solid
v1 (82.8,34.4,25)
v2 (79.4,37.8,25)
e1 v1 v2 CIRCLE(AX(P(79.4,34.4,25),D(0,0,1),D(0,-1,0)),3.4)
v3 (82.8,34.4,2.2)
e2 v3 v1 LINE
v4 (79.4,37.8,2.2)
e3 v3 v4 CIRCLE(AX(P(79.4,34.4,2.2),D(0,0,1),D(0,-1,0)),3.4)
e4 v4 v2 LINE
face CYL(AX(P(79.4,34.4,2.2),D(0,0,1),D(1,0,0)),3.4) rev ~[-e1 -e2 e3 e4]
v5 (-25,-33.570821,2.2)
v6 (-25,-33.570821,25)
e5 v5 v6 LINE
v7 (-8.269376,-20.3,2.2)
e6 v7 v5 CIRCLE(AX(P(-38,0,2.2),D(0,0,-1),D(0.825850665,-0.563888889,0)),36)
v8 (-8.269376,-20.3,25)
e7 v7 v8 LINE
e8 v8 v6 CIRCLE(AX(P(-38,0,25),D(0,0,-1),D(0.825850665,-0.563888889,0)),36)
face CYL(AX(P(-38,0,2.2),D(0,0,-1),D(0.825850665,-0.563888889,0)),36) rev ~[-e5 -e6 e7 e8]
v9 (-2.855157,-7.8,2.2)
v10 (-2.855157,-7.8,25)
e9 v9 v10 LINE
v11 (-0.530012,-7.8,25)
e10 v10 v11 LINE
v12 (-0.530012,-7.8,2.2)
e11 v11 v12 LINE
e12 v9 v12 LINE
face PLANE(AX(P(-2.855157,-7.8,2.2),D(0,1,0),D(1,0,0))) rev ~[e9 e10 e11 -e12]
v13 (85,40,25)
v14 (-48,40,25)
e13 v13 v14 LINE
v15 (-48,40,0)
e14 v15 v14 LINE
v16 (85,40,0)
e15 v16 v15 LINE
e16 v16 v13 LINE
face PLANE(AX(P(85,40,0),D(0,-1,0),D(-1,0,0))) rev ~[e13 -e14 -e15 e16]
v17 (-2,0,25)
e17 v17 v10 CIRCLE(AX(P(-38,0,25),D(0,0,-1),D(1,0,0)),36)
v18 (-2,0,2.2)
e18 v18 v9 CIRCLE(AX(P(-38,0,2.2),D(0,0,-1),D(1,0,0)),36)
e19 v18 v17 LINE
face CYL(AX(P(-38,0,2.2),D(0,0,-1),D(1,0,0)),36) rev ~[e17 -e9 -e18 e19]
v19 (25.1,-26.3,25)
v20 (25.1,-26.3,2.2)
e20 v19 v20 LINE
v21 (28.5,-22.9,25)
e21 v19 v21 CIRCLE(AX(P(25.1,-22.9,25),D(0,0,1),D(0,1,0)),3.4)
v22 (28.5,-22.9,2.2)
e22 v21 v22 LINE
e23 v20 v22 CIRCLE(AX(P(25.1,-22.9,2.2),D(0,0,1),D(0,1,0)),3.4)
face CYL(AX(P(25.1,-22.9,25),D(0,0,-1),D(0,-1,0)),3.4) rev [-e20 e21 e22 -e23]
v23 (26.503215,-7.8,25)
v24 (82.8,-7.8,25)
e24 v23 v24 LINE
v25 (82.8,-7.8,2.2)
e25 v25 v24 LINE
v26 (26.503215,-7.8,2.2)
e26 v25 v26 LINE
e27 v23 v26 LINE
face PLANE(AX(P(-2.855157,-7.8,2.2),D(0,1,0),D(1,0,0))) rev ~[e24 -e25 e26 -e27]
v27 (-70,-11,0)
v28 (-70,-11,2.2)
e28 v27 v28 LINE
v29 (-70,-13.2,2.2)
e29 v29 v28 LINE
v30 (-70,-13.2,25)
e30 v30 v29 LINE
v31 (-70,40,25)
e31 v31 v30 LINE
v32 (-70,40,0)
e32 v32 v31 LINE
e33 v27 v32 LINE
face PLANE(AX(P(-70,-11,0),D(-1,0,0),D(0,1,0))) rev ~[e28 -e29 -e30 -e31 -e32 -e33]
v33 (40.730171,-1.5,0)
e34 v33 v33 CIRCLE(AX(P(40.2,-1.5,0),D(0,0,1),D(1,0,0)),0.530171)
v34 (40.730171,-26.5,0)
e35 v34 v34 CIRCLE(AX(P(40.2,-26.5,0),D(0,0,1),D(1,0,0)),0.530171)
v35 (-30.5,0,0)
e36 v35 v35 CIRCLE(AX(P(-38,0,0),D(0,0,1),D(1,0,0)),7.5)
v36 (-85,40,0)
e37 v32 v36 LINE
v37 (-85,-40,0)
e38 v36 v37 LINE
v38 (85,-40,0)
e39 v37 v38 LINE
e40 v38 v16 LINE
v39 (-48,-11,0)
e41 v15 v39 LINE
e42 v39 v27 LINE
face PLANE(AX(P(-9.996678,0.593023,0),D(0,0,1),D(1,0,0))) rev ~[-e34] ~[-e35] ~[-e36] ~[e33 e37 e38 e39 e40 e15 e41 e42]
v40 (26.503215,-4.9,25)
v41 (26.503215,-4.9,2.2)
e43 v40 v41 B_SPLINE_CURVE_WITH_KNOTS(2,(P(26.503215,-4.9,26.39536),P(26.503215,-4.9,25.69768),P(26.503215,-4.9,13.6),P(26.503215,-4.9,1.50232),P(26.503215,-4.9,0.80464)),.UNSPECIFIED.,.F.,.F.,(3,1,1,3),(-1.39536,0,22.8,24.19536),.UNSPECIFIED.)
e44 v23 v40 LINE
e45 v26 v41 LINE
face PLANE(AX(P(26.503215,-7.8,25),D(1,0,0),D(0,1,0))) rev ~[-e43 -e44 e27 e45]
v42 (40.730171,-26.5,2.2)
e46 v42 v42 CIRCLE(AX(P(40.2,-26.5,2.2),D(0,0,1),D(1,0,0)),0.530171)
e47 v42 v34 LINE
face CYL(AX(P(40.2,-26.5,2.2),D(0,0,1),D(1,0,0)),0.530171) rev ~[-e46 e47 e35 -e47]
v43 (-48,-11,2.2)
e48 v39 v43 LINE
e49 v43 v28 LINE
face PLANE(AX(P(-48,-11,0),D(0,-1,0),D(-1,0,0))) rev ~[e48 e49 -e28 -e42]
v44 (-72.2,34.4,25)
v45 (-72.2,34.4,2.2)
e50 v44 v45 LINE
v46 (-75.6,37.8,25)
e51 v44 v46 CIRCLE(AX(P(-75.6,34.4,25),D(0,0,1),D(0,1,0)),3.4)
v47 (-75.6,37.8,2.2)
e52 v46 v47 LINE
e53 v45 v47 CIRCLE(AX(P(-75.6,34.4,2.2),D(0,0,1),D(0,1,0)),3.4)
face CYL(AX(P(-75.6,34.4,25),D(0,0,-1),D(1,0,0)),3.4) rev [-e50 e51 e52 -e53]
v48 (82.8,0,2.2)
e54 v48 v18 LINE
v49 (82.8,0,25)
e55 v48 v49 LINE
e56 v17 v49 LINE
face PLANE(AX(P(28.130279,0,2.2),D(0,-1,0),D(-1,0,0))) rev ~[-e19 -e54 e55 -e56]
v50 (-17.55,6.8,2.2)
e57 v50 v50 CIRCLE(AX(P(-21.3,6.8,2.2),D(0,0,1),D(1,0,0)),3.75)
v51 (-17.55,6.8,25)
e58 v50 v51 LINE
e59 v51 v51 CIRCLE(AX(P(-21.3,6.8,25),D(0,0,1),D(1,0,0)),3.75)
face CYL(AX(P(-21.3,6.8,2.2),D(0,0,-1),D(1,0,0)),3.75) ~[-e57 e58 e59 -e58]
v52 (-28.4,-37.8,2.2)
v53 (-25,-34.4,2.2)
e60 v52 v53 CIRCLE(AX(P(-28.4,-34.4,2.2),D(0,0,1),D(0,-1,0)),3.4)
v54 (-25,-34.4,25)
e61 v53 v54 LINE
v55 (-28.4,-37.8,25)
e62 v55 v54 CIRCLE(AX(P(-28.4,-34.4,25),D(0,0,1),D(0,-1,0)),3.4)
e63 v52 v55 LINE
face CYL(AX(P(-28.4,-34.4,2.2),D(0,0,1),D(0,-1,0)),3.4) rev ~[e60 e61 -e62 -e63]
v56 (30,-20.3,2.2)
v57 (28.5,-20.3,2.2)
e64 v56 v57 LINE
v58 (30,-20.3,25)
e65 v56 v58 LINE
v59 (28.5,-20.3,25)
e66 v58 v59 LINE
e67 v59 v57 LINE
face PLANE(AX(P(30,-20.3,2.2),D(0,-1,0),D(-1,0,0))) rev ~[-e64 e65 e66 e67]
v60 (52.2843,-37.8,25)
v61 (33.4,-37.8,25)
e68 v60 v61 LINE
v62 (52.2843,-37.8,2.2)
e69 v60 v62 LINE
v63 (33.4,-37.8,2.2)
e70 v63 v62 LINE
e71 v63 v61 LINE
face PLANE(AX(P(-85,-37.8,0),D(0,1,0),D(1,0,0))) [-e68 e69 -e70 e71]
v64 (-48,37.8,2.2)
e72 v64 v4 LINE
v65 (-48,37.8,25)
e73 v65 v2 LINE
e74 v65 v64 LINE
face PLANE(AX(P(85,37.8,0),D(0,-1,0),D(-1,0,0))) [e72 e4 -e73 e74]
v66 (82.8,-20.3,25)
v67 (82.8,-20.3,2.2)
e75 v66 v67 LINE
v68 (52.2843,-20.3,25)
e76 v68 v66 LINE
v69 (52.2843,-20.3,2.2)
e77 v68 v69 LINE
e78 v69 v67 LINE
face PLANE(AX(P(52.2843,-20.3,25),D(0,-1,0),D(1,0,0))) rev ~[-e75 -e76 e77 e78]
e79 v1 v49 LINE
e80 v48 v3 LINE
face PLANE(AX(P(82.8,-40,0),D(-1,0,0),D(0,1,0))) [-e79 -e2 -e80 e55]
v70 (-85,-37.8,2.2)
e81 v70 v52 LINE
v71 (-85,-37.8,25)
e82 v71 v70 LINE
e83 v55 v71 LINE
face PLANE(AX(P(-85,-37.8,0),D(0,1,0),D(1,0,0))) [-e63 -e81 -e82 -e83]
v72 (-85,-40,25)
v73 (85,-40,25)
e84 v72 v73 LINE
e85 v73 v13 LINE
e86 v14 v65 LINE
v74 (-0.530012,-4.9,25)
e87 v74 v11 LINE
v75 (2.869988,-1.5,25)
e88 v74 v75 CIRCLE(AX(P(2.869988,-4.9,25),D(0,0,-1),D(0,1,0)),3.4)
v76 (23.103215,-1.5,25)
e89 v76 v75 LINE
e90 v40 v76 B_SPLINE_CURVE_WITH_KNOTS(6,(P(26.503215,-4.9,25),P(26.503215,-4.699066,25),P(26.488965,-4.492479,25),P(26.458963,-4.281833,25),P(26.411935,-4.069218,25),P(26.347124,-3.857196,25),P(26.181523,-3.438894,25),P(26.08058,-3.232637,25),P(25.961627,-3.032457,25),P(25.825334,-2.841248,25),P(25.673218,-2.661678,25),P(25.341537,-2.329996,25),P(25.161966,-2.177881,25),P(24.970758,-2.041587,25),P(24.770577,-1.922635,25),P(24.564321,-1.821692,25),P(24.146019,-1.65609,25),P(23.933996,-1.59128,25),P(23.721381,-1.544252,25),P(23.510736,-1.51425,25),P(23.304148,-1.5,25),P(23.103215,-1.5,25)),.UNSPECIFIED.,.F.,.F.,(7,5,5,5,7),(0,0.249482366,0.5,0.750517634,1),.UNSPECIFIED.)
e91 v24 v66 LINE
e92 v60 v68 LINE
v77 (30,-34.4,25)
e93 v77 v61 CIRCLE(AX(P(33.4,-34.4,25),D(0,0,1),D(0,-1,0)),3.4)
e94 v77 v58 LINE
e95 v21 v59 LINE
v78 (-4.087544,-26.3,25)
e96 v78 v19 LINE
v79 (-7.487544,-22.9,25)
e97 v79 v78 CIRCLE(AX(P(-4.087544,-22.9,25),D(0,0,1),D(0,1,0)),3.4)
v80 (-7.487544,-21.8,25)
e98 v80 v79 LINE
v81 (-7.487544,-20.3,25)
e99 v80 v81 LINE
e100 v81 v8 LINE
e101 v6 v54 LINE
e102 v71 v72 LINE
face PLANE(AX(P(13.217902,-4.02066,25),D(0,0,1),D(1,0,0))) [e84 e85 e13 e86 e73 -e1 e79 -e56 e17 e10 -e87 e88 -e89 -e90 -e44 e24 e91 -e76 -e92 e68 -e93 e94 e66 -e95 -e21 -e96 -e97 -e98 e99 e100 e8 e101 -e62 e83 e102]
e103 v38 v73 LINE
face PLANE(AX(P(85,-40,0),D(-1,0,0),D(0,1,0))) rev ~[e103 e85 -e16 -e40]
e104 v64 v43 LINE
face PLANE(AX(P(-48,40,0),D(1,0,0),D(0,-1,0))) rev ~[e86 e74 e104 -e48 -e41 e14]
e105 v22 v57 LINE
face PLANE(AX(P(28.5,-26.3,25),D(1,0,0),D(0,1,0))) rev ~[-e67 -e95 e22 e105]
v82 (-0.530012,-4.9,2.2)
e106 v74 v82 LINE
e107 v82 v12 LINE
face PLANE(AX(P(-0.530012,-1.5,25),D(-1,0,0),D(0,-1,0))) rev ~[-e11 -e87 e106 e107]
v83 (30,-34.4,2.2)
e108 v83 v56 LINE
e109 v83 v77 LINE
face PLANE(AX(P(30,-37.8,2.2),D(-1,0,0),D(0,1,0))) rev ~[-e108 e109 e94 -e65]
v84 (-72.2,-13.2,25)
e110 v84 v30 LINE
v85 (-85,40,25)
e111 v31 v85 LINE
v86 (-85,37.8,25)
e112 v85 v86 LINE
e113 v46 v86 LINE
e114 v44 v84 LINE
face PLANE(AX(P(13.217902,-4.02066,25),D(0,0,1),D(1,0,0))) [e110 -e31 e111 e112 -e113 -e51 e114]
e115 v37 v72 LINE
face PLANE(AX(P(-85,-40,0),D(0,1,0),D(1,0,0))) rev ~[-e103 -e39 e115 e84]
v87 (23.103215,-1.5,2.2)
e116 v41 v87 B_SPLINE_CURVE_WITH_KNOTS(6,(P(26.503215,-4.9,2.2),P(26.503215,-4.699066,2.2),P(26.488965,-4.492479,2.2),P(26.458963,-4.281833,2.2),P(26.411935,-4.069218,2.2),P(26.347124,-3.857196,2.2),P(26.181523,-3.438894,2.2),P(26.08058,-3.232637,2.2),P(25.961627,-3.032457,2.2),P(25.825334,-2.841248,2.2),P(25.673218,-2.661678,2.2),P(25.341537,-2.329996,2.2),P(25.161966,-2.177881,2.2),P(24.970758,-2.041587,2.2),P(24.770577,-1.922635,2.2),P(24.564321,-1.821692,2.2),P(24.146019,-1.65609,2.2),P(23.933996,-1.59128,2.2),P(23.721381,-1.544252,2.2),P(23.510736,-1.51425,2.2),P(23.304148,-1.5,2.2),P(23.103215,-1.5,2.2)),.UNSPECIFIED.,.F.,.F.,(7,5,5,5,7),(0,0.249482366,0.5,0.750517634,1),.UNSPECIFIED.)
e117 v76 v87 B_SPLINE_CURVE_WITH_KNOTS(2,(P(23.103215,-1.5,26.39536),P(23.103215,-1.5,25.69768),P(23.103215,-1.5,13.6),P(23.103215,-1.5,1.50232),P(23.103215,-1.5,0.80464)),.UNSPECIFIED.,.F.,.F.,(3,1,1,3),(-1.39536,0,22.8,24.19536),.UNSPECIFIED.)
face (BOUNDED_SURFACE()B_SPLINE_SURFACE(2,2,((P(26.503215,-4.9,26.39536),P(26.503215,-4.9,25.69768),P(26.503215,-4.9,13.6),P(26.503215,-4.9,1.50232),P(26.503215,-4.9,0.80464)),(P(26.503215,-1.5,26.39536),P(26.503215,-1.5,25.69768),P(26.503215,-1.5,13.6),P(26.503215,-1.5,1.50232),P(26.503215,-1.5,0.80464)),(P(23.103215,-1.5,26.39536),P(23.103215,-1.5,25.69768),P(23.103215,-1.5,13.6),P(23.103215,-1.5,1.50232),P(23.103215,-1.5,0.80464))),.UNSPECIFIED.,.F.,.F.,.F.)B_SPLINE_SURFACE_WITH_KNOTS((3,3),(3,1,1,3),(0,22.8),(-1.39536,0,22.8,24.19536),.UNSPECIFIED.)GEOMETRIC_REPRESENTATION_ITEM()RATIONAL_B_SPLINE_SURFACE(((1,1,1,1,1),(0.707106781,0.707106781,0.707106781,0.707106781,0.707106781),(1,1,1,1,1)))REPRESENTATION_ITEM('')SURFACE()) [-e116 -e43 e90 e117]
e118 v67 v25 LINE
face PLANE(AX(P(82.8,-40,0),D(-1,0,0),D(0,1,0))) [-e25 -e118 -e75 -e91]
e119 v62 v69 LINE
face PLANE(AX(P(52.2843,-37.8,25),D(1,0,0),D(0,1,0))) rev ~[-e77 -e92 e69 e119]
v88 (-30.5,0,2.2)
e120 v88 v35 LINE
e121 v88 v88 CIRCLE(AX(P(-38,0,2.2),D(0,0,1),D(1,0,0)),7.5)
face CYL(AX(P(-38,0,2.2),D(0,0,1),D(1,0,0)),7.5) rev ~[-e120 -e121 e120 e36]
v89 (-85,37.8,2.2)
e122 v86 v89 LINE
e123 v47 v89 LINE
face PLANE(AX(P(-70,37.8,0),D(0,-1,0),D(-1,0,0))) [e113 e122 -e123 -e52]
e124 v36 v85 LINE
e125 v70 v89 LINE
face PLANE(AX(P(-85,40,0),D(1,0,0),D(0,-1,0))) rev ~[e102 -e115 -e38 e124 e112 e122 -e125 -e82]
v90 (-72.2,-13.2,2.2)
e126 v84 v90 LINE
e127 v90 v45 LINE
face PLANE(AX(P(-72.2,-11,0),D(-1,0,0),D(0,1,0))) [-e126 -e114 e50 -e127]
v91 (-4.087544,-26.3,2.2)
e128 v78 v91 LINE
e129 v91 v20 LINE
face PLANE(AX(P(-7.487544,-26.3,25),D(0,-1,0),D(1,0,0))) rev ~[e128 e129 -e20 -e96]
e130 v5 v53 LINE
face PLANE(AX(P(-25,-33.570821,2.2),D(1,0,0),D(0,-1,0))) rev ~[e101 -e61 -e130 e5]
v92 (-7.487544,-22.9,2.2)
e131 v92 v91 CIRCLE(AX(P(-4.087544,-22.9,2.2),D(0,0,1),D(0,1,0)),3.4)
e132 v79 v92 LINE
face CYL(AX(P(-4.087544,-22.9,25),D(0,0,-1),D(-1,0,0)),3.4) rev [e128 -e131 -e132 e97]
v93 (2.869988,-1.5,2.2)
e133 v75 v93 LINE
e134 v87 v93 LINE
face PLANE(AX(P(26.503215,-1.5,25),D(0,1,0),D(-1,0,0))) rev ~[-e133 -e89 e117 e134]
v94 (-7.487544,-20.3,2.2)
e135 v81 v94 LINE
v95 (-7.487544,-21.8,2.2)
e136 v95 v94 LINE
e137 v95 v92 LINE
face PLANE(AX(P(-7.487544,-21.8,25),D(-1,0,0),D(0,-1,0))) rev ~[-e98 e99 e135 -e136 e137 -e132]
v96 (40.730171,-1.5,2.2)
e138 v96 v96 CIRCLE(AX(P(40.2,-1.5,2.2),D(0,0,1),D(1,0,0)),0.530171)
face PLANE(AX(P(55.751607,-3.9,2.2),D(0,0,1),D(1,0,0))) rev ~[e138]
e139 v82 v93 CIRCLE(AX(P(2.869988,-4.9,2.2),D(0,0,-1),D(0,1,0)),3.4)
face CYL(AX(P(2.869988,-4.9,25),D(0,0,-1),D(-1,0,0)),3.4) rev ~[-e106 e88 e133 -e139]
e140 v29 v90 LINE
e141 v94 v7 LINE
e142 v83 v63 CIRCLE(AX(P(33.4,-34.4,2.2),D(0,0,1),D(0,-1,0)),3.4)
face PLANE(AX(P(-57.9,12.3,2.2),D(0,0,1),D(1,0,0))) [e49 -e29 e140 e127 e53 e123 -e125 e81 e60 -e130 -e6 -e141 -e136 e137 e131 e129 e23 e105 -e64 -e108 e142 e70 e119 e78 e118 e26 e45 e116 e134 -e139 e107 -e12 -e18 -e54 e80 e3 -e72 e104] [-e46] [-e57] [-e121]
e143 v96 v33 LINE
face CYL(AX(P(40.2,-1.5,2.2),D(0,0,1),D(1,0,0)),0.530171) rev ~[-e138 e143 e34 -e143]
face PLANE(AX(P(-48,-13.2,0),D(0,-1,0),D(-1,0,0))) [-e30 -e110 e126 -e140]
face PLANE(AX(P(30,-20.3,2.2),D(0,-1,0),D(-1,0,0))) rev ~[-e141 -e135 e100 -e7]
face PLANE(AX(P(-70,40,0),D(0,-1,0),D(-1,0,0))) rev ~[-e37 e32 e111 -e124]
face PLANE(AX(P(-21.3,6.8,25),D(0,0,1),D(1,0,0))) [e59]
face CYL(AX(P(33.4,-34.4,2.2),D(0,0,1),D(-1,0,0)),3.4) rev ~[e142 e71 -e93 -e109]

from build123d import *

# Parameters (mm, degrees)
F1_DEPTH  = 25
F2_T      = -2.2
F3_R      = 7.5
F4_DEPTH  = 25
F5_R      = 3.75
F6_DEPTH  = 22.8
F7_W      = 35
F7_H      = 17.5
F8_DEPTH  = 22.8
F9_W      = 24.2
F9_H      = 51
F10_DEPTH = 22.8
F11_W     = 27.0332266644
F11_H     = 1.5
F11_W_2   = 6.9575315177
F11_W_3   = 1.9967853452
F12_DEPTH = 22.8
F13_R     = 3.4
F14_R     = 0.5301707608
F15_DEPTH = 25
F16_W     = 58.4967853452
F16_H     = 7.8
F16_W_2   = 30.5156996727
F16_H_2   = 17.5
F17_DEPTH = 22.8
F18_W     = 5.6
F18_H     = 75.6
F19_DEPTH = 22.8


with BuildPart() as f1:
    # F0 (on Top) → F1 (new body)
    with BuildSketch(Plane.XY):
        Polygon((-70, 40), (-85, 40), (-85, -40), (85, -40), (85, 40), (-48, 40), (-48, -11), (-70, -11), align=None)
    extrude(amount=F1_DEPTH)

    # F2
    f2_openings = [f1.faces().sort_by_distance(p)[0] for p in [
        (5.305177, -1.303815, 25),
    ]]
    offset(amount=F2_T, openings=f2_openings, kind=Kind.INTERSECTION)

    # F3 (on face) → F4 (cut)
    with BuildSketch(Plane.XY.offset(2.2)):
        with Locations((-38, 0)):
            Circle(F3_R)
    extrude(amount=-F4_DEPTH, mode=Mode.SUBTRACT)

    # F5 (on face) → F6 (join, through all)
    with BuildSketch(Plane.XY.offset(2.2)):
        with Locations((-21.3, 6.8)):
            Circle(F5_R)
    extrude(amount=F6_DEPTH)

    # F7 (on face) → F8 (join, through all)
    with BuildSketch(Plane.XY.offset(2.2)):
        with Locations((12.5, -29.05)):
            Rectangle(F7_W, F7_H)
        with BuildLine():
            Line((-5, -20.3), (-8.2693760577, -20.3))
            ThreePointArc((-8.2693760577, -20.3), (-15.628025883, -28.2045169096), (-25, -33.5708206632))
            Line((-25, -33.5708206632), (-25, -37.8))
            Line((-25, -37.8), (-5, -37.8))
            Line((-5, -37.8), (-5, -20.3))
        make_face()
        with BuildLine():
            Line((28.1302789037, 0), (-2, 0))
            ThreePointArc((-2, 0), (-2.2144278138, -3.9233688725), (-2.8551568505, -7.8))
            Line((-2.8551568505, -7.8), (29.5341439003, -7.8))
            ThreePointArc((29.5341439003, -7.8), (28.1976713274, -4.0142062307), (28.1302789037, 0))
        make_face()
    extrude(amount=F8_DEPTH)

    # F9 (on face) → F10 (cut, through all)
    with BuildSketch(Plane.XY.offset(25)):
        with Locations((-57.9, 12.3)):
            Rectangle(F9_W, F9_H)
    extrude(amount=-F10_DEPTH, mode=Mode.SUBTRACT)

    # F11 (on face) → F12 (cut, through all)
    with BuildSketch(Plane.XY.offset(25)):
        with BuildLine():
            Line((-0.5300120096, -6.3), (26.5032146548, -6.3))
            Line((26.5032146548, -6.3), (26.5032146548, -2.1))
            ThreePointArc((26.5032146548, -2.1), (26.5, -1.8), (26.5032146548, -1.5))
            Line((26.5032146548, -1.5), (-0.5300120096, -1.5))
            Line((-0.5300120096, -1.5), (-0.5300120096, -6.3))
        make_face()
        with Locations((12.9866013226, -7.05)):
            Rectangle(F11_W, F11_H)
        with Locations((12.9866013226, -21.05)):
            Rectangle(F11_W, F11_H)
        Polygon((28.5, -21.8), (26.5032146548, -21.8), (-0.5300120096, -21.8), (-7.4875435273, -21.8), (-7.4875435273, -26.3), (28.5, -26.3), align=None)
        with Locations((-4.0087777684, -21.05)):
            Rectangle(F11_W_2, F11_H)
        with Locations((27.5016073274, -21.05)):
            Rectangle(F11_W_3, F11_H)
    extrude(amount=-F12_DEPTH, mode=Mode.SUBTRACT)

    # F13
    f13_edges = [f1.edges().sort_by_distance(p)[0] for p in [
        (-0.530012, -1.5, 13.6),
        (26.503215, -1.5, 13.6),
        (26.503215, -2.1, 13.6),
        (28.5, -26.3, 13.6),
        (-7.487544, -26.3, 13.6),
        (30, -37.8, 13.6),
        (82.8, -37.8, 13.6),
        (82.8, 37.8, 13.6),
        (-72.2, 37.8, 13.6),
        (-82.8, 37.8, 13.6),
        (-82.8, -37.8, 13.6),
        (-25, -37.8, 13.6),
    ]]
    fillet(f13_edges, radius=F13_R)

    # F14 (on face) → F15 (cut)
    with BuildSketch(Plane.XY.offset(2.2)):
        with Locations((40.2, -1.5)):
            Circle(F14_R)
        with Locations((40.2, -26.5)):
            Circle(F14_R)
    extrude(amount=-F15_DEPTH, mode=Mode.SUBTRACT)

    # F16 (on face) → F17 (join, through all)
    with BuildSketch(Plane.XY.offset(25)):
        with Locations((55.7516073274, -3.9)):
            Rectangle(F16_W, F16_H)
        with Locations((67.5421501637, -29.05)):
            Rectangle(F16_W_2, F16_H_2)
    extrude(amount=-F17_DEPTH)

    # F18 (on face) → F19 (cut, through all)
    with BuildSketch(Plane.XY.offset(25)):
        with Locations((-82.2, 0)):
            Rectangle(F18_W, F18_H)
    extrude(amount=-F19_DEPTH, mode=Mode.SUBTRACT)


solid = f1.part
